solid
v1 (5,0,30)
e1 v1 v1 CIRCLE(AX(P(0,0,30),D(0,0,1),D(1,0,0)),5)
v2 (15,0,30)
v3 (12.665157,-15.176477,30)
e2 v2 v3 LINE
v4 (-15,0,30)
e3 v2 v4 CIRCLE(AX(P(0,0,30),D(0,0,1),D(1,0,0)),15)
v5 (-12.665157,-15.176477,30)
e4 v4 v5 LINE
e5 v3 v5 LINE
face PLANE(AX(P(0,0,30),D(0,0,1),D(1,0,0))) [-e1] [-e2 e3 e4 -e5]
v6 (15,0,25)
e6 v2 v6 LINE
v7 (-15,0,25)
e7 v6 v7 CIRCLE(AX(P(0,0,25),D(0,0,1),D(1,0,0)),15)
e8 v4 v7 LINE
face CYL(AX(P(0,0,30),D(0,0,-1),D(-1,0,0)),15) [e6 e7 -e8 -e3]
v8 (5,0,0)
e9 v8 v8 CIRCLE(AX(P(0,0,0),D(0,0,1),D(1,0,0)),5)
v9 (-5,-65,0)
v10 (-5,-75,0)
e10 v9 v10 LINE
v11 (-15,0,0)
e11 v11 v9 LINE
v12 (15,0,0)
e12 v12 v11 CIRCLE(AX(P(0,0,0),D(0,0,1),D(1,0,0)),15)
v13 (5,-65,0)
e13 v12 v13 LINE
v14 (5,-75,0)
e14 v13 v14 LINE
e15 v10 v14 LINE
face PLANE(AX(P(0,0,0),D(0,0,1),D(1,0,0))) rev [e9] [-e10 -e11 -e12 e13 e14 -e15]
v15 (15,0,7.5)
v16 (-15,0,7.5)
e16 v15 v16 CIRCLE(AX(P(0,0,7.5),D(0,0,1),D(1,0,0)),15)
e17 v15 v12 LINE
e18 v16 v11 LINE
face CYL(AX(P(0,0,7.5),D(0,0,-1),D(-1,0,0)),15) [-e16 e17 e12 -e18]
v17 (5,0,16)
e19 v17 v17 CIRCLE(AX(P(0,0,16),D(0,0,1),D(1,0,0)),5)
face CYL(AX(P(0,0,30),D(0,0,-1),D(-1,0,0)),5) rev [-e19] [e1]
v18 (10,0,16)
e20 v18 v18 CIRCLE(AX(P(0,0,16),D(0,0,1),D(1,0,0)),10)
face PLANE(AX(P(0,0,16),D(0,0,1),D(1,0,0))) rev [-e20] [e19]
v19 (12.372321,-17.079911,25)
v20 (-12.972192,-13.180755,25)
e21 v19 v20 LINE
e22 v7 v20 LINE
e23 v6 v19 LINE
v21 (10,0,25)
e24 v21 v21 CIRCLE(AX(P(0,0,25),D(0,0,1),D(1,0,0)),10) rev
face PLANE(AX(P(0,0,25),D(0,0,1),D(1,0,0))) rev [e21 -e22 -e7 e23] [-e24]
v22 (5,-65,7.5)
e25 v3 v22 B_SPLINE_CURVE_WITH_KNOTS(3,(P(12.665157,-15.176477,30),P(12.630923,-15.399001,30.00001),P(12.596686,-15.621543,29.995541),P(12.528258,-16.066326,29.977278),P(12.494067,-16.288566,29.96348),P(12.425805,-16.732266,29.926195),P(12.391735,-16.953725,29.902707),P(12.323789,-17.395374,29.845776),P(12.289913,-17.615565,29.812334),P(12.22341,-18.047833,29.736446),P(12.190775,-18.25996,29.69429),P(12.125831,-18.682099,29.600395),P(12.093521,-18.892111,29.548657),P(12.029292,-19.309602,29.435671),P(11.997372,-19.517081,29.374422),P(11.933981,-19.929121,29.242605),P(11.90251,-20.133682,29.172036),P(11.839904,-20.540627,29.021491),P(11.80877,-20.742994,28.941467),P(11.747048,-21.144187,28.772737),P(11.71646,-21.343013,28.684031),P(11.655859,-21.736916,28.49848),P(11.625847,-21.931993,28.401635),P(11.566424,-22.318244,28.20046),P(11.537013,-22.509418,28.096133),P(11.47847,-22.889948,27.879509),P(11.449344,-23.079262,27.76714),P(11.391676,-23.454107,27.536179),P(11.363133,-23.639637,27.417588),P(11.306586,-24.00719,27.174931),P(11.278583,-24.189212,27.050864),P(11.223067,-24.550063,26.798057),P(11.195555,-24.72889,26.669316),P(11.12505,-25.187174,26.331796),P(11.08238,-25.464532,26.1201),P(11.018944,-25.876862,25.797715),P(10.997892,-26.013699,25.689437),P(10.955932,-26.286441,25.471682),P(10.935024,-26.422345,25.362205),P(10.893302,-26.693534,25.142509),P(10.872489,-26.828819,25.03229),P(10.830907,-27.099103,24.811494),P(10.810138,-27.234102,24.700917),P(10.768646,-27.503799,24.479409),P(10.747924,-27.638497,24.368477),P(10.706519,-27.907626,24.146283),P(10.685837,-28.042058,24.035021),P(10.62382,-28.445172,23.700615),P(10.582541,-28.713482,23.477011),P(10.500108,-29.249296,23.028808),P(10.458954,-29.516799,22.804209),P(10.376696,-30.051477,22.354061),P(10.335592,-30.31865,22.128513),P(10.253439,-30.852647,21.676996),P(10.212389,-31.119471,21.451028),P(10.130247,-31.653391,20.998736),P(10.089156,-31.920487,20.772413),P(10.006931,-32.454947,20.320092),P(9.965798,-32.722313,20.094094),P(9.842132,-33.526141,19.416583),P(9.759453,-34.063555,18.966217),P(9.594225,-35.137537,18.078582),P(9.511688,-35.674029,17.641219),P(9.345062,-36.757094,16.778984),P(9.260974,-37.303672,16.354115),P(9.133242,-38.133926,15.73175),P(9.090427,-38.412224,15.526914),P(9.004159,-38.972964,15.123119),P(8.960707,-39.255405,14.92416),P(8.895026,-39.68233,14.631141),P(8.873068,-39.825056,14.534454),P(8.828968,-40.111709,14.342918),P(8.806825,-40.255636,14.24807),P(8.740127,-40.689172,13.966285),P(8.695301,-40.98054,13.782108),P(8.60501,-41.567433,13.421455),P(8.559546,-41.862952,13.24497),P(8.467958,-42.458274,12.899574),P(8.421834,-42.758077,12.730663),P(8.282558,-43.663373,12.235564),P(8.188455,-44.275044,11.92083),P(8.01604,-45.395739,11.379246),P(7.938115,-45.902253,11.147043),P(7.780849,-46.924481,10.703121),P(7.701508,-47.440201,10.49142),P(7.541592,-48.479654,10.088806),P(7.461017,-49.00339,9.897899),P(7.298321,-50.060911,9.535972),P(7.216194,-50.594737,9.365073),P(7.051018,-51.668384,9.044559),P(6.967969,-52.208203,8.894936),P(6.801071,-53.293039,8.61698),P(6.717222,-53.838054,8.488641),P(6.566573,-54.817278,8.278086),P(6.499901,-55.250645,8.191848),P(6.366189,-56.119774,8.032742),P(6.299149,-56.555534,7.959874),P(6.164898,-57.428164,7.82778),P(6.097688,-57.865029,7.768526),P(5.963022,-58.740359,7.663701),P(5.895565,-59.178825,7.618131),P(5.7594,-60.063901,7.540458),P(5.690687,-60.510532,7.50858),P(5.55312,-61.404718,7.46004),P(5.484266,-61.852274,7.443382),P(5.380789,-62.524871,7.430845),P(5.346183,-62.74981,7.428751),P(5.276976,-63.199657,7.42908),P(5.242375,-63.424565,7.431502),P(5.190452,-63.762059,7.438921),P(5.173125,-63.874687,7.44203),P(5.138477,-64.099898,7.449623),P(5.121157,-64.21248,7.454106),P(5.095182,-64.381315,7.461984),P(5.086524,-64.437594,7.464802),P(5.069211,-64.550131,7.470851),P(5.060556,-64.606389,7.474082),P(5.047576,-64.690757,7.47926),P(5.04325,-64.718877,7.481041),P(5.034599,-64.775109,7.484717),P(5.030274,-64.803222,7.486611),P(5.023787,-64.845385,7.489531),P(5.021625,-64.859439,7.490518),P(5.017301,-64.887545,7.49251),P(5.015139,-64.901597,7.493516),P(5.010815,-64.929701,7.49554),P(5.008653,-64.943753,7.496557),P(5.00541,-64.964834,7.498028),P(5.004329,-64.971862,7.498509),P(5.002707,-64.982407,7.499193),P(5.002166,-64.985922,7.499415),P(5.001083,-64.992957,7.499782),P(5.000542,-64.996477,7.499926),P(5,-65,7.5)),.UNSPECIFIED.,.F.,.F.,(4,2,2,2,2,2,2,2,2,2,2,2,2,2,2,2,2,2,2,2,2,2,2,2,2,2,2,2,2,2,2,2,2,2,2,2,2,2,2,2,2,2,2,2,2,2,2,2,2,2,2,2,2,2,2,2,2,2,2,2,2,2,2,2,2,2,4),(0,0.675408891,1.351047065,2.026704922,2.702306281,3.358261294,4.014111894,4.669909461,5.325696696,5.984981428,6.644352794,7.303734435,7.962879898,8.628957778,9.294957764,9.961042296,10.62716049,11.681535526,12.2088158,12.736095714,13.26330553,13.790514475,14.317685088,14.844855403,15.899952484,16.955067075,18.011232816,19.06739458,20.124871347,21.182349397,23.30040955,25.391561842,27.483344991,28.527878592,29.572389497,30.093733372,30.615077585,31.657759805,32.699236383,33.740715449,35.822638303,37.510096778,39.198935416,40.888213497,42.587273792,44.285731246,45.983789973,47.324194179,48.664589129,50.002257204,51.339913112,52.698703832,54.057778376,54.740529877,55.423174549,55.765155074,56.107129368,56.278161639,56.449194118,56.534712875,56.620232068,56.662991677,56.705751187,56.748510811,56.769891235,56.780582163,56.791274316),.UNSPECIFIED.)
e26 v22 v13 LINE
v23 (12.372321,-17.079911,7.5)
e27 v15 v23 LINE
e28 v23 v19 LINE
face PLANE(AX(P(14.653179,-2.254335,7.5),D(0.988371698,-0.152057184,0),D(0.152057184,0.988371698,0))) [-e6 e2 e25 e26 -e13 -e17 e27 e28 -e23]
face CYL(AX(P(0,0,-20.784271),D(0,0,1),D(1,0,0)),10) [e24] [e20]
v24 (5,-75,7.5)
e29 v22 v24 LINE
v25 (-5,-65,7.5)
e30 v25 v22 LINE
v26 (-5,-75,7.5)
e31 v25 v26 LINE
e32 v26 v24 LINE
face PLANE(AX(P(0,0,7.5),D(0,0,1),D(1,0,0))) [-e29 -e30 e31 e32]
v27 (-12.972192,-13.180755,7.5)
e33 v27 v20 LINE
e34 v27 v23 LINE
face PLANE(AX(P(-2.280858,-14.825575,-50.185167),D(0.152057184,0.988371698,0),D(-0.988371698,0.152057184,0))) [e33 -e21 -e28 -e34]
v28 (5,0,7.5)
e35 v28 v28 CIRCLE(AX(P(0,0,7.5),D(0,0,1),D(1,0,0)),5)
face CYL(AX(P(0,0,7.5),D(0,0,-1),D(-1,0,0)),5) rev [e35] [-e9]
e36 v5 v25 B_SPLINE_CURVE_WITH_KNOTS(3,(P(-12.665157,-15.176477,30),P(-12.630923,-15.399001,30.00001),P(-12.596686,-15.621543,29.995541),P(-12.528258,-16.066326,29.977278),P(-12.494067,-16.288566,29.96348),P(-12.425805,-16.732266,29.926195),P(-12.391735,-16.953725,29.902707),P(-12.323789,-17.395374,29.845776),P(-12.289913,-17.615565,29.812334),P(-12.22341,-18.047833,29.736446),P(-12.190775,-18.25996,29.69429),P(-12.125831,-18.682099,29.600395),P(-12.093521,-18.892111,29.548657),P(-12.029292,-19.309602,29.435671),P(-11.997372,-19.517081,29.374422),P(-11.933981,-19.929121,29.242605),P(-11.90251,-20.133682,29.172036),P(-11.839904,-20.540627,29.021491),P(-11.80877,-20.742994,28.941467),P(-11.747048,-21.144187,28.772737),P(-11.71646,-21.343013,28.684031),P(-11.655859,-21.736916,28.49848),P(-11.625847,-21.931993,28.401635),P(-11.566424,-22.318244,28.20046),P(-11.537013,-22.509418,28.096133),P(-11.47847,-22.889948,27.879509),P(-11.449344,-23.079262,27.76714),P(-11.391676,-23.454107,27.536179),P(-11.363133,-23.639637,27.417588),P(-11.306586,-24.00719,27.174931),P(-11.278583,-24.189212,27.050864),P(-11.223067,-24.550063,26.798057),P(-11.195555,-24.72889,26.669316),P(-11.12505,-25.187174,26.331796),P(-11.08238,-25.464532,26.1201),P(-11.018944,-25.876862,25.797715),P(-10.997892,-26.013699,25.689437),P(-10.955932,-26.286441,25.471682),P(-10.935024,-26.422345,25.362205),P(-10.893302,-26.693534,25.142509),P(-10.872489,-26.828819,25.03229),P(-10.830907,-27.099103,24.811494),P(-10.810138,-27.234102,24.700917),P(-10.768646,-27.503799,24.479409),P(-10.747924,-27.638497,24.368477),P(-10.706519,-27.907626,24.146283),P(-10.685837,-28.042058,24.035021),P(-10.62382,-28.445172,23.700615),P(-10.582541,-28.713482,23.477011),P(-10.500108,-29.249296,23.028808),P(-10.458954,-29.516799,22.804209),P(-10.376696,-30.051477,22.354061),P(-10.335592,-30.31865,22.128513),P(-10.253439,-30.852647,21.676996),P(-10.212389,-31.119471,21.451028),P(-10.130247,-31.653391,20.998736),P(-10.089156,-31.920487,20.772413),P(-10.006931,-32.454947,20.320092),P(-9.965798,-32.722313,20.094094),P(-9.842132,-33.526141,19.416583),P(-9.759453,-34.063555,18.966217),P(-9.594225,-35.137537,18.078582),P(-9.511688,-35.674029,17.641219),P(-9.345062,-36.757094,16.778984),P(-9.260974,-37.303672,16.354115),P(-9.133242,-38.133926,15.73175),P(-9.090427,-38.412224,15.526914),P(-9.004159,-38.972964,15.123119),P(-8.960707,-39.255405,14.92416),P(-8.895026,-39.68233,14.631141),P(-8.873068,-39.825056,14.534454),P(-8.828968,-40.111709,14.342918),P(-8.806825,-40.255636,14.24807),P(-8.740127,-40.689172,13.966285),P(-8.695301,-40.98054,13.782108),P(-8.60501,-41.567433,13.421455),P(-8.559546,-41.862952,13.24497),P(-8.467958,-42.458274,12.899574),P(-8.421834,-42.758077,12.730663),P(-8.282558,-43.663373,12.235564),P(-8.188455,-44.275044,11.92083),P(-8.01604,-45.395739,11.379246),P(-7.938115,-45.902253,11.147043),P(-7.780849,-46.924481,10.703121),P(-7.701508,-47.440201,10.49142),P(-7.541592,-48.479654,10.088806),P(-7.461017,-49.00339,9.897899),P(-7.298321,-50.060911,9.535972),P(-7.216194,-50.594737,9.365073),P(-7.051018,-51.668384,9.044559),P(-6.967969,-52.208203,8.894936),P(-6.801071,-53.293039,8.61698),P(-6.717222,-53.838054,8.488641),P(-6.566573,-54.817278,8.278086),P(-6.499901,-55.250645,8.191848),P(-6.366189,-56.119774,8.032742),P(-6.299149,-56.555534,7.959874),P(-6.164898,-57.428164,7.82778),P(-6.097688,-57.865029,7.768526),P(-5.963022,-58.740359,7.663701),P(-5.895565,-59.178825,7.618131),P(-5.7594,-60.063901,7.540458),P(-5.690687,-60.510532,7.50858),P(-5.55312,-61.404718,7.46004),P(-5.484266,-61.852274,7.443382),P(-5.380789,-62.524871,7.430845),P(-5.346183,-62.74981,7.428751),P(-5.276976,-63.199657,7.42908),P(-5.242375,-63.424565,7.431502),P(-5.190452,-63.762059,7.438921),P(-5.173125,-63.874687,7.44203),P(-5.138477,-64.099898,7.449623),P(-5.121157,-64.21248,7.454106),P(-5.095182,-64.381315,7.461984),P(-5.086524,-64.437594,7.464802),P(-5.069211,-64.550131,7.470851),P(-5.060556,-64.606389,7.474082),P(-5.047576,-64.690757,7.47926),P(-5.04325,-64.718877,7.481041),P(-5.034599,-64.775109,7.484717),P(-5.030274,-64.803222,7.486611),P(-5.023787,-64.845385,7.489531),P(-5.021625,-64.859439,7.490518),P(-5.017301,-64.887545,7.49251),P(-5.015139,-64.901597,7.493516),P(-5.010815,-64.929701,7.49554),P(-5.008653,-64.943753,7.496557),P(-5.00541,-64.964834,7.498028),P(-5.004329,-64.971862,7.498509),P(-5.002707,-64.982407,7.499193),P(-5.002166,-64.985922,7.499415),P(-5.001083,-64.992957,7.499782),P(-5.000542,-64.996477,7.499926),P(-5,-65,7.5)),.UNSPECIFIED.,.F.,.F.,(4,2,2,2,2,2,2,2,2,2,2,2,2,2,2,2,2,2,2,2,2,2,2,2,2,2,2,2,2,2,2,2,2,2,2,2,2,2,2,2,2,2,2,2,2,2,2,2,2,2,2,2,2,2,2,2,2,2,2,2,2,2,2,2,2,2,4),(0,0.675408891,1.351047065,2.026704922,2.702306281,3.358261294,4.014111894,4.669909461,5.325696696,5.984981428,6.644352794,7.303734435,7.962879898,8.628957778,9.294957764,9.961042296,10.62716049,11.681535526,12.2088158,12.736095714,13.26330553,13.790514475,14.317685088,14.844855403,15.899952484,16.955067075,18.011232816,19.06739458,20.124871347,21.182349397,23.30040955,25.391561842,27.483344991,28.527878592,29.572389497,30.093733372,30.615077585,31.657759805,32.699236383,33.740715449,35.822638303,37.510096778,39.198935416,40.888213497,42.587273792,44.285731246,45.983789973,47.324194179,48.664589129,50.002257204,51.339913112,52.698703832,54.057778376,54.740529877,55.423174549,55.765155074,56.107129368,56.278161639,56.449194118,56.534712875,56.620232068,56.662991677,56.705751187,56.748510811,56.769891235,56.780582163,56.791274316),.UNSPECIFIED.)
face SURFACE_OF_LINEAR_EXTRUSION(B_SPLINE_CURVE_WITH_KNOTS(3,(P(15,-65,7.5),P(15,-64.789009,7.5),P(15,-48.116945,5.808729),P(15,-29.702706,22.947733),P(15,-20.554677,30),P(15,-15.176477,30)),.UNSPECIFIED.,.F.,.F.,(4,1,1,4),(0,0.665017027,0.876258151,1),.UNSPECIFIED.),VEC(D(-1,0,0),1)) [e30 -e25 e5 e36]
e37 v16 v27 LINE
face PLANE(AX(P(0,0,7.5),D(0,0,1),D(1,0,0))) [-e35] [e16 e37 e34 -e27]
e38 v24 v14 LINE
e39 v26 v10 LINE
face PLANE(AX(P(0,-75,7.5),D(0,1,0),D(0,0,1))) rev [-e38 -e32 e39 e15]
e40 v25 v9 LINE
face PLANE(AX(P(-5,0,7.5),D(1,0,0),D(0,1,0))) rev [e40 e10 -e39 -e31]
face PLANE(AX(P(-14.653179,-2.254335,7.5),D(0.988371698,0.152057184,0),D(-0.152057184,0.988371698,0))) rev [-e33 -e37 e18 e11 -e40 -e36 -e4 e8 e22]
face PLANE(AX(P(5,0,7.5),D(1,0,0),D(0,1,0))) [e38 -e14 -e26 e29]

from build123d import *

# Parameters (mm, degrees)
ESQUISSE1_R                  = 5
ESQUISSE1_W                  = 10
ESQUISSE1_H                  = 10
BOSS_EXTRU_1_DEPTH           = 7.5
ESQUISSE2_R                  = 5
BOSS_EXTRU_2_DEPTH           = 5
BOSS_EXTRU_3_DEPTH           = 17.5
ENL_V_MAT_EXTRU_1_DEPTH      = 83.158383626
ENL_V_MAT_EXTRU_1_DEPTH_BACK = 83.158383626
BOSS_EXTRU_4_START           = 9
ESQUISSE5_R                  = 10
ESQUISSE5_R_2                = 5
BOSS_EXTRU_4_DEPTH           = 9


with BuildPart() as part:
    # Esquisse1 → Boss.-Extru.1 (new body)
    # profile 1 of 3: a face of its own
    with BuildSketch(Plane.XY):
        with BuildLine():
            ThreePointArc((14.306358382, -4.50867052), (0, -15), (-14.306358382, -4.50867052))
            Line((-14.306358382, -4.50867052), (-5, -65))
            Line((-5, -65), (5, -65))
            Line((5, -65), (14.306358382, -4.50867052))
        make_face()
    # profile 2 of 3: a face of its own
    with BuildSketch(Plane.XY):
        with BuildLine():
            ThreePointArc((15, 0), (0, 15), (-15, 0))
            Line((-15, 0), (-14.306358382, -4.50867052))
            ThreePointArc((-14.306358382, -4.50867052), (0, -15), (14.306358382, -4.50867052))
            Line((14.306358382, -4.50867052), (15, 0))
        make_face()
        Circle(ESQUISSE1_R, mode=Mode.SUBTRACT)
    # profile 3 of 3: a face of its own
    with BuildSketch(Plane.XY):
        with Locations((0, -70)):
            Rectangle(ESQUISSE1_W, ESQUISSE1_H)
    extrude(amount=BOSS_EXTRU_1_DEPTH)



with BuildPart() as body_2:
    # Esquisse2 → Boss.-Extru.2 (new body)
    # profile 1 of 2: a face of its own
    with BuildSketch(Plane.XY.offset(25)):
        with BuildLine():
            ThreePointArc((14.306358382, -4.50867052), (0, -15), (-14.306358382, -4.50867052))
            Line((-14.306358382, -4.50867052), (-5, -65))
            Line((-5, -65), (5, -65))
            Line((5, -65), (14.306358382, -4.50867052))
        make_face()
    # profile 2 of 2: a face of its own
    with BuildSketch(Plane.XY.offset(25)):
        with BuildLine():
            ThreePointArc((15, 0), (0, 15), (-15, 0))
            Line((-15, 0), (-14.306358382, -4.50867052))
            ThreePointArc((-14.306358382, -4.50867052), (0, -15), (14.306358382, -4.50867052))
            Line((14.306358382, -4.50867052), (15, 0))
        make_face()
        Circle(ESQUISSE2_R, mode=Mode.SUBTRACT)
    extrude(amount=BOSS_EXTRU_2_DEPTH)


with BuildPart() as part_1:
    add(part.part)

    add(body_2.part)  # Boss.-Extru.3 merges body 2
    # Esquisse3 → Boss.-Extru.3 (add)
    with BuildSketch(Plane(origin=(0, 0, 25), x_dir=(-1, 0, 0), z_dir=(0, 0, -1))):
        Polygon((12.972191557, -13.180754881), (-12.372321427, -17.079910725), (-5, -65), (5, -65), align=None)
    extrude(amount=BOSS_EXTRU_3_DEPTH)

    # Esquisse4 → Enlèv. mat.-Extru.1 (cut, two sides: drawn at the far end of the back side and taken through both)
    with BuildSketch(Plane(origin=(0, 0, 0), x_dir=(0, 0, -1), z_dir=(1, 0, 0)).offset(-ENL_V_MAT_EXTRU_1_DEPTH_BACK)):
        with BuildLine():
            Line((-30, -15.176476659), (-30, -65))
            Line((-30, -65), (-7.5, -65))
            add(Edge.make_bspline(
                [(-7.5, -65), (-7.5, -64.789009401), (-5.808728882, -48.116944639), (-22.947732818, -29.702706462), (-30, -20.554677266), (-30, -15.176476659)],
                knots=[0, 0, 0, 0, 0.665017027, 0.876258151, 1, 1, 1, 1], degree=3))
        make_face()
    extrude(amount=ENL_V_MAT_EXTRU_1_DEPTH + ENL_V_MAT_EXTRU_1_DEPTH_BACK, mode=Mode.SUBTRACT)

    # Esquisse5 → Boss.-Extru.4 (add)
    with BuildSketch(Plane(origin=(0, 0, 25), x_dir=(-1, 0, 0), z_dir=(0, 0, -1)).offset(BOSS_EXTRU_4_START)):
        with Locations(Location((0, 0, 0), (0, 0, 180))):
            Circle(ESQUISSE5_R)
        with Locations(Location((0, 0, 0), (0, 0, 180))):
            Circle(ESQUISSE5_R_2, mode=Mode.SUBTRACT)
    extrude(amount=-BOSS_EXTRU_4_DEPTH)


solid = part_1.part
